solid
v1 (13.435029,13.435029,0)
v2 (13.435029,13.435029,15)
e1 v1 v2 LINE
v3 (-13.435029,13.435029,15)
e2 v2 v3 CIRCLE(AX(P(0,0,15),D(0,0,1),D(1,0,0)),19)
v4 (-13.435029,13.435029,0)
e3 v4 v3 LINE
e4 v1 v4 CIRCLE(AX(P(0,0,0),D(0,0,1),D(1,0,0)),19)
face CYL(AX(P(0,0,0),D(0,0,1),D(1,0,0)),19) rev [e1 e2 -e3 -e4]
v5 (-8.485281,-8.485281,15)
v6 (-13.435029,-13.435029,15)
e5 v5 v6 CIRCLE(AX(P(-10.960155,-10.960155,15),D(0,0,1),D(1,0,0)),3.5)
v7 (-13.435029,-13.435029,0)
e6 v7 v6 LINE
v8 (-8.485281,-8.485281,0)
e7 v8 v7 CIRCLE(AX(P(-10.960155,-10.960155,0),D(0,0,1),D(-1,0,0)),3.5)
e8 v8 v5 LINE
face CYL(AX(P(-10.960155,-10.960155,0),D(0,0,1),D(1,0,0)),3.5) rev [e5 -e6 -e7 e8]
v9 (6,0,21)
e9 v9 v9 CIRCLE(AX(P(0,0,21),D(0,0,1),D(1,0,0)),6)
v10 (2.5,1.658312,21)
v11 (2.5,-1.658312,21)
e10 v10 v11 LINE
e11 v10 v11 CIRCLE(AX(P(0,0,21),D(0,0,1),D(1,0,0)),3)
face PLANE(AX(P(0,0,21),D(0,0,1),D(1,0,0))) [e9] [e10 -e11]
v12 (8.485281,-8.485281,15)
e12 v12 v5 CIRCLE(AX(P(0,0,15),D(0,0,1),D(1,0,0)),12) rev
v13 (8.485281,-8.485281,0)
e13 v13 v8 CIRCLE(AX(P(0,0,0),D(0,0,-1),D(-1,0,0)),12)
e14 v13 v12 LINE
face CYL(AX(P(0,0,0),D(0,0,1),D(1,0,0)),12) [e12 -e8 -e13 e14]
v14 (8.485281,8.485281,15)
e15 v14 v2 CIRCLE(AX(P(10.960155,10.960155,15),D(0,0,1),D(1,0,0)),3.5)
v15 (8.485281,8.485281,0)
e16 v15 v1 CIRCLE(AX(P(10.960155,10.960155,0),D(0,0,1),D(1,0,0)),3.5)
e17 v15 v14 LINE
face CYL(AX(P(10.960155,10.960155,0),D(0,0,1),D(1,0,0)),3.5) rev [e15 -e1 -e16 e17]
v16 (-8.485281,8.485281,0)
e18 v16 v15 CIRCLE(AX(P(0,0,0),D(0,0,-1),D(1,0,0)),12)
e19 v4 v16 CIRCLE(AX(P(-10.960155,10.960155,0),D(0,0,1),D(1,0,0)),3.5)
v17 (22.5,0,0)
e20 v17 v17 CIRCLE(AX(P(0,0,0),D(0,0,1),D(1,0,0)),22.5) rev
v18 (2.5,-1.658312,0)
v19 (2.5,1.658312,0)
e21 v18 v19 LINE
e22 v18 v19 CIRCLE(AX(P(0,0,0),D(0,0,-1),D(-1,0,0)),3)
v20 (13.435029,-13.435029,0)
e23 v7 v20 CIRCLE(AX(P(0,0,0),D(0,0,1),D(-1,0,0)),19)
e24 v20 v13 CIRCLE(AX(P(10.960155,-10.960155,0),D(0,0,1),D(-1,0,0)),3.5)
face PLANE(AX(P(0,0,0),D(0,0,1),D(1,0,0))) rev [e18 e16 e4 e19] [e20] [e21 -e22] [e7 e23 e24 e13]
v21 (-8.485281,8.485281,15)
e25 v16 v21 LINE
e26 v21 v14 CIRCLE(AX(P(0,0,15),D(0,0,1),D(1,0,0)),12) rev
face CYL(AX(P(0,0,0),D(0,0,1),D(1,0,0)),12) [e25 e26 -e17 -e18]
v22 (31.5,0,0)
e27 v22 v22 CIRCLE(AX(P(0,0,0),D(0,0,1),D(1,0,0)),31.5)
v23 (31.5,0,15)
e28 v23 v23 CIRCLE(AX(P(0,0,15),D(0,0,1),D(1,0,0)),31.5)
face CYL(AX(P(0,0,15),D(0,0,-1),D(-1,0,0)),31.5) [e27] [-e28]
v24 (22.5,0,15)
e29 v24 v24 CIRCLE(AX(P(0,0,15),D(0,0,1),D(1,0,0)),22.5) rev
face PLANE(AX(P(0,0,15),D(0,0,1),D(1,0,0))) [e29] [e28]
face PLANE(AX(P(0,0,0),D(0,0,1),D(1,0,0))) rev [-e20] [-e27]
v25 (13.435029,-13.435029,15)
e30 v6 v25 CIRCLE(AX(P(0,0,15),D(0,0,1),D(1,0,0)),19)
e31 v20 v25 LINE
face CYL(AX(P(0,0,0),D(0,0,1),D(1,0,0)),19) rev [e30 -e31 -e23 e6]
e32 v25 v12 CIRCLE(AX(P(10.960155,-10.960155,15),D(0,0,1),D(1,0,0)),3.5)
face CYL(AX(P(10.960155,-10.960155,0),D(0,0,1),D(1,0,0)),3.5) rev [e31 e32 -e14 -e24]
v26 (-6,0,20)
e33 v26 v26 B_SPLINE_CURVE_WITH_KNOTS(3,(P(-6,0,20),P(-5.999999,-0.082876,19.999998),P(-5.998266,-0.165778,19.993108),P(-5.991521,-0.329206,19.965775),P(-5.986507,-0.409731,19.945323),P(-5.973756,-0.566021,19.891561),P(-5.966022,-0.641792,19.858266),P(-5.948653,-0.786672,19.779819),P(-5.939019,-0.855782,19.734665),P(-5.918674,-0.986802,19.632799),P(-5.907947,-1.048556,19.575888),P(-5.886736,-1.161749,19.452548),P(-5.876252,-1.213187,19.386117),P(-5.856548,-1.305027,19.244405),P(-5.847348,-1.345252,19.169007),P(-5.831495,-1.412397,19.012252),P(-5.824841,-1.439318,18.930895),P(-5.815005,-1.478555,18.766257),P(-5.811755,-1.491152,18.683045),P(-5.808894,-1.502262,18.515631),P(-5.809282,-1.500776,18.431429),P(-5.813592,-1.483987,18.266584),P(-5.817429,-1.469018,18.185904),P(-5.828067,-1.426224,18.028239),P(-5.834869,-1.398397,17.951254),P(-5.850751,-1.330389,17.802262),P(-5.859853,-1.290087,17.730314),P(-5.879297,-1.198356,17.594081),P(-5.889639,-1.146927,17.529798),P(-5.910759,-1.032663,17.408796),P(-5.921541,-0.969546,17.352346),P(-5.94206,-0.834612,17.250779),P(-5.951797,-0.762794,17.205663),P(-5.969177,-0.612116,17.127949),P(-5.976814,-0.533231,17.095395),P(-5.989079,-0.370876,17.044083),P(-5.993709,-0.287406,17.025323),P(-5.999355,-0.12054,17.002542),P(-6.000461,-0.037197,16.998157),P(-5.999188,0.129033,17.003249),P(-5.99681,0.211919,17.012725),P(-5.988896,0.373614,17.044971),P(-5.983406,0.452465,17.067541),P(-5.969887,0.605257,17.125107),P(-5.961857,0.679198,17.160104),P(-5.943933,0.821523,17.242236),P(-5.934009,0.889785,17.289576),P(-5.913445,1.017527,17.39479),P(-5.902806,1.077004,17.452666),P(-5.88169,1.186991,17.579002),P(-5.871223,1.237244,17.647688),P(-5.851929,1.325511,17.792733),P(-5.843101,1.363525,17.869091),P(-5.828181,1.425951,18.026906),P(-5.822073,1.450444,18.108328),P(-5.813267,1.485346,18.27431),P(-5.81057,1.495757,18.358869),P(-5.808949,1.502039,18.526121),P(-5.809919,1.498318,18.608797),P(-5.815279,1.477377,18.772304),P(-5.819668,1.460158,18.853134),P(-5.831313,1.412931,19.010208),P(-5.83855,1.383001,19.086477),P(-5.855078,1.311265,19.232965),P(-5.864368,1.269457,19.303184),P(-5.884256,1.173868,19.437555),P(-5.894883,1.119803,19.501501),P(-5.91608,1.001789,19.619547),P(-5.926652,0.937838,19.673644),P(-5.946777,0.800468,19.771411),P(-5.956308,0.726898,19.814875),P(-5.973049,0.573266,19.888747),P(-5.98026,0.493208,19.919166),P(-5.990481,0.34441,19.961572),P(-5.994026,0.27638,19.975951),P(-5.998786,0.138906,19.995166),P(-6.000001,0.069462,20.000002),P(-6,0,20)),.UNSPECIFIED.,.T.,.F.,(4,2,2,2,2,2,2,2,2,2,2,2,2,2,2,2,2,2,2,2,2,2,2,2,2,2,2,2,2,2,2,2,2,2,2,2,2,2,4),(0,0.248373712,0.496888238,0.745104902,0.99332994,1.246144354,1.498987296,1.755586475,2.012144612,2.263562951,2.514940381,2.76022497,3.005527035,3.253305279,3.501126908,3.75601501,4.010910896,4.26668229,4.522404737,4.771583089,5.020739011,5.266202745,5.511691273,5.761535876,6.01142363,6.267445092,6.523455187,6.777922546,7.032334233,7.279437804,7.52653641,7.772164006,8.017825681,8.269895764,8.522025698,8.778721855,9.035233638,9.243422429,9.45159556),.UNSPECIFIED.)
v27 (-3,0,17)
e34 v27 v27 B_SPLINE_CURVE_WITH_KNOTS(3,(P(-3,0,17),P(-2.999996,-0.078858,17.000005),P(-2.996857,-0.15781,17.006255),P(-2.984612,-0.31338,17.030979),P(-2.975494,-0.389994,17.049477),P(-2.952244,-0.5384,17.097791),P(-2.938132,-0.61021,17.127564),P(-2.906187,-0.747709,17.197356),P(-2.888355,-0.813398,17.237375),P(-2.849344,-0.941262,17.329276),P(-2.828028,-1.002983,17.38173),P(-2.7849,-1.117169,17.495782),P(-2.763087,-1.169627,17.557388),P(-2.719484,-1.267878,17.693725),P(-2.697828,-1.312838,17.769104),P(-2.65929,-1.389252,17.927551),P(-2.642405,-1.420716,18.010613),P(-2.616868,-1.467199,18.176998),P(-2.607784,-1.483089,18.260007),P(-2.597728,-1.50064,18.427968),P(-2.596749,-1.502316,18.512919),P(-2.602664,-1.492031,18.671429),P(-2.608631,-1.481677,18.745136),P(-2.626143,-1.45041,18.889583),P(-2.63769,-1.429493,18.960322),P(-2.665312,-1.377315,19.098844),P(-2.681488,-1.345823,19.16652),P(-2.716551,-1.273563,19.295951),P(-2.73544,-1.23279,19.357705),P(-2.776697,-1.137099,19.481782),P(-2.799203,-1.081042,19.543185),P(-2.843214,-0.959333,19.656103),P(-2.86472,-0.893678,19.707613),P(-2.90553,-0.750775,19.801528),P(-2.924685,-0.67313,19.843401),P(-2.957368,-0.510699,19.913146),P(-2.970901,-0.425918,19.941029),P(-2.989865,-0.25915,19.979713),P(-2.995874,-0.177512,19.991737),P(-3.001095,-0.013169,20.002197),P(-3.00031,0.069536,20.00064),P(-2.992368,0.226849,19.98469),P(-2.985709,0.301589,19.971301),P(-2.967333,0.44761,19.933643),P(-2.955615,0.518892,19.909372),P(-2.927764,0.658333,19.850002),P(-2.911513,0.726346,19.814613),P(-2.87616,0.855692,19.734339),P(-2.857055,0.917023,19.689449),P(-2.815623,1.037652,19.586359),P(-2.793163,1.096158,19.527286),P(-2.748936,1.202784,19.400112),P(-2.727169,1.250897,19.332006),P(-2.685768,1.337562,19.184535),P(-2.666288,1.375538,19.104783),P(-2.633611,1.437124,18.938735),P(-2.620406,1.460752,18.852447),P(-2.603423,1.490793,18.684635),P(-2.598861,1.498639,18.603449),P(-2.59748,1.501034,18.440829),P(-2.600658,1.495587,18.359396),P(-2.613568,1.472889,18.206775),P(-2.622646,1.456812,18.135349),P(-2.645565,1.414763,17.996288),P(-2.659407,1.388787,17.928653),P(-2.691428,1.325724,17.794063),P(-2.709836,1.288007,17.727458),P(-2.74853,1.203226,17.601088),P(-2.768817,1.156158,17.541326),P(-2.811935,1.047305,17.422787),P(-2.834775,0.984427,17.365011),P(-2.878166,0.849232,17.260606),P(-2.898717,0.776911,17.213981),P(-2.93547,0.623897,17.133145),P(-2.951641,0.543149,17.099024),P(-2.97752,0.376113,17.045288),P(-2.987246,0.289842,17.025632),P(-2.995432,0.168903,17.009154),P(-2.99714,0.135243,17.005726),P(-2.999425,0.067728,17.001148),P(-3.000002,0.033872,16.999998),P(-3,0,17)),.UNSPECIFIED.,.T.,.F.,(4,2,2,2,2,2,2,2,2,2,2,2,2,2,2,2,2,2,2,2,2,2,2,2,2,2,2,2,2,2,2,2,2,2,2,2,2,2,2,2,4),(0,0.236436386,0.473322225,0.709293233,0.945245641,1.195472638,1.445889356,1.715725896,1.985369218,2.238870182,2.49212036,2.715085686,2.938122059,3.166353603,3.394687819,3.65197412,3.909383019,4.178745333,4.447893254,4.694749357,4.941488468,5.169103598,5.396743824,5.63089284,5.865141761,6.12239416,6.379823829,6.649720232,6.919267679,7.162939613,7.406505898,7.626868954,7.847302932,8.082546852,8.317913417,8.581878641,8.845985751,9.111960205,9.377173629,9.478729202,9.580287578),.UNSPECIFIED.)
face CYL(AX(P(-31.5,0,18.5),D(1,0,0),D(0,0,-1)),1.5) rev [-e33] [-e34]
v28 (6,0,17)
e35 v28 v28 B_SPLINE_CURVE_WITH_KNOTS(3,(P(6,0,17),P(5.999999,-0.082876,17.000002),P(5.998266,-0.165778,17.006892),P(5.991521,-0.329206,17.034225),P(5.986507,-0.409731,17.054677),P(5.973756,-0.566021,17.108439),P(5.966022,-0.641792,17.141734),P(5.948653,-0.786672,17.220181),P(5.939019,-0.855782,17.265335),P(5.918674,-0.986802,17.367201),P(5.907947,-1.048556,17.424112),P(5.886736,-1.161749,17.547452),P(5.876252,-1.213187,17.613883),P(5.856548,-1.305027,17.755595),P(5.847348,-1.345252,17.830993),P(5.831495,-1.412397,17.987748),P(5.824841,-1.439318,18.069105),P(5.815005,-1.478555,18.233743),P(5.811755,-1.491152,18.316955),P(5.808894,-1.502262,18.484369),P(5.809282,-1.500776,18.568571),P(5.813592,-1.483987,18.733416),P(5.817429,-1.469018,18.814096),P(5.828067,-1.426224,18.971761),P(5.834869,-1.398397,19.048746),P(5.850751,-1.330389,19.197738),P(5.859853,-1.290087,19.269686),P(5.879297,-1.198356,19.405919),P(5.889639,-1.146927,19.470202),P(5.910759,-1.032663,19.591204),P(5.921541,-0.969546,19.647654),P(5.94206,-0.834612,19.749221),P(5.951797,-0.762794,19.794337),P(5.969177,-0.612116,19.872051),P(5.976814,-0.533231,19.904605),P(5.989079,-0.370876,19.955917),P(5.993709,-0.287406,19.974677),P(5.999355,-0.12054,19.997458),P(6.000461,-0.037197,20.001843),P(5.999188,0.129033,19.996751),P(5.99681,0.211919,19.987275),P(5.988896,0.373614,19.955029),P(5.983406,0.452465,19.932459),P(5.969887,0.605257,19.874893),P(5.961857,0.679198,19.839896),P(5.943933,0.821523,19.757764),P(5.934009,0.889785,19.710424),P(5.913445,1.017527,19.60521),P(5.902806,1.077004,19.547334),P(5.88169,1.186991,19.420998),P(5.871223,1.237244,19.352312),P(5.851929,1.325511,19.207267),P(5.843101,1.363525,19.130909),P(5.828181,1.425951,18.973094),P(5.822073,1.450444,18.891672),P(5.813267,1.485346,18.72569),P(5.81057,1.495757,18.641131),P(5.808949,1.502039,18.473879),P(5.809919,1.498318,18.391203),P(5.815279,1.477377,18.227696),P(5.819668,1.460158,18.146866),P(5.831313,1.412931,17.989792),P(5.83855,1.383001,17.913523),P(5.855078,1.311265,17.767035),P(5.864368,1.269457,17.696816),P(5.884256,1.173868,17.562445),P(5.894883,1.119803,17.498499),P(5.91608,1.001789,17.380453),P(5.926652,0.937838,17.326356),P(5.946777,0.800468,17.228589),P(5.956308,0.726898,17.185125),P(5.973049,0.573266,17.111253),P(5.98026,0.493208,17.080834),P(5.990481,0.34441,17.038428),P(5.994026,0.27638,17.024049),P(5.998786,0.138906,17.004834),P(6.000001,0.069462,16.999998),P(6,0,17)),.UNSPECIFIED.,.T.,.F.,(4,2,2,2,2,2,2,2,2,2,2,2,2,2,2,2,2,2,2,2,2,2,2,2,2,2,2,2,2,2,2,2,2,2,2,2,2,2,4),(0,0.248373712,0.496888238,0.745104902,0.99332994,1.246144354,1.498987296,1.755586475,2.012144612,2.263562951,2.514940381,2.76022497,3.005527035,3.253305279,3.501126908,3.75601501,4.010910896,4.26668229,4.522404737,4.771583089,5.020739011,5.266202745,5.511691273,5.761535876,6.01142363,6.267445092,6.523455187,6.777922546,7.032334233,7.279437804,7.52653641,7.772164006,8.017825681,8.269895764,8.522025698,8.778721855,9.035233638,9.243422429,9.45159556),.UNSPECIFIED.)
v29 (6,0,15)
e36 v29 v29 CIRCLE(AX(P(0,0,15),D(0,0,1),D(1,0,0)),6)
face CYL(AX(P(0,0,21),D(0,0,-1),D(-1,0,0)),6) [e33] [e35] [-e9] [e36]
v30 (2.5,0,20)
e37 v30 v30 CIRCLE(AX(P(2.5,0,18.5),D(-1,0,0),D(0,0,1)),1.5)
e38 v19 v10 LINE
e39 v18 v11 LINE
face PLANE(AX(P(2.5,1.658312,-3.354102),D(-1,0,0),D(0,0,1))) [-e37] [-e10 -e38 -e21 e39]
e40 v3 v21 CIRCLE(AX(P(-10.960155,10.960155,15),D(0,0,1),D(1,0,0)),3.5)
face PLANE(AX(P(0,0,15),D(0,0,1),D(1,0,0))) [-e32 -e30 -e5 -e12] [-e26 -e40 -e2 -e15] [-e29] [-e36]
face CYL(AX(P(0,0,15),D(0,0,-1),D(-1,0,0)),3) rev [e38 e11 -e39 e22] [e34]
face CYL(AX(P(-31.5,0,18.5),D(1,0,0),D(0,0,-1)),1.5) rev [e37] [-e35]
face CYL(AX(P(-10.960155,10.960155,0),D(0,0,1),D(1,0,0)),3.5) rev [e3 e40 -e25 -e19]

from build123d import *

# Parameters (mm, degrees)
SKETCH_1_R               = 31.5
EXTRUDE_1_DEPTH          = 15
SKETCH_3_R               = 3
CUT_EXTRUDE_2_DEPTH      = 48.005318848
SKETCH_14_R              = 6
SKETCH_14_R_2            = 3
EXTRUDE_3_DEPTH          = 6
EXTRUDE_START            = -21
EXTRUDE_4_DEPTH          = 21
CUT_EXTRUDE_3_DEPTH      = 50.249365478
CUT_EXTRUDE_3_DEPTH_BACK = 50.249365478
SKETCH_18_R              = 1.5
CUT_EXTRUDE_5_DEPTH      = 48.00531888
CUT_EXTRUDE_5_DEPTH_BACK = 48.00531888


with BuildPart() as part:
    # 草图1 → 凸台-拉伸1 (new body)
    with BuildSketch(Plane.XY):
        Circle(SKETCH_1_R)
    extrude(amount=EXTRUDE_1_DEPTH)

    # 草图3 → 切除-拉伸2 (cut, through all)
    with BuildSketch(Plane(origin=(0, 0, 0), x_dir=(-1, 0, 0), z_dir=(0, 0, -1))):
        Circle(SKETCH_3_R)
    extrude(amount=-CUT_EXTRUDE_2_DEPTH, mode=Mode.SUBTRACT)

    # 草图14 → 凸台-拉伸3 (add)
    with BuildSketch(Plane.XY.offset(15)):
        Circle(SKETCH_14_R)
        with Locations(Location((0, 0, 0), (0, 0, 180))):
            Circle(SKETCH_14_R_2, mode=Mode.SUBTRACT)
    extrude(amount=EXTRUDE_3_DEPTH)

    # 草图19 → 凸台-拉伸4 (add)
    with BuildSketch(Plane.XY.offset(21).offset(EXTRUDE_START)):
        with BuildLine():
            Line((2.5, 1.658312395), (2.5, -1.658312395))
            ThreePointArc((2.5, -1.658312395), (3, 0), (2.5, 1.658312395))
        make_face()
    extrude(amount=EXTRUDE_4_DEPTH)

    # 草图18 → 切除-拉伸3 (cut, two sides: drawn at the far end of the back side and taken through both)
    with BuildSketch(Plane(origin=(0, 0, 0), x_dir=(0, 0, -1), z_dir=(1, 0, 0)).offset(-CUT_EXTRUDE_3_DEPTH_BACK)):
        with Locations(Location((-18.5, 0, 0), (0, 0, 180))):
            Circle(SKETCH_18_R)
    extrude(amount=CUT_EXTRUDE_3_DEPTH + CUT_EXTRUDE_3_DEPTH_BACK, mode=Mode.SUBTRACT)

    # 草图20 → 切除-拉伸5 (cut, two sides: drawn at the far end of the back side and taken through both)
    with BuildSketch(Plane.XY.offset(15).offset(-CUT_EXTRUDE_5_DEPTH_BACK)):
        with BuildLine():
            ThreePointArc((8.485281374, 8.485281374), (0, 12), (-8.485281374, 8.485281374))
            ThreePointArc((-8.485281374, 8.485281374), (-13.435028843, 8.485281374), (-13.435028843, 13.435028843))
            ThreePointArc((-13.435028843, 13.435028843), (0, 19), (13.435028843, 13.435028843))
            ThreePointArc((13.435028843, 13.435028843), (13.435028843, 8.485281374), (8.485281374, 8.485281374))
        make_face()
        with BuildLine():
            ThreePointArc((8.485281374, -8.485281374), (13.435028843, -8.485281374), (13.435028843, -13.435028843))
            ThreePointArc((13.435028843, -13.435028843), (0, -19), (-13.435028843, -13.435028843))
            ThreePointArc((-13.435028843, -13.435028843), (-13.435028843, -8.485281374), (-8.485281374, -8.485281374))
            ThreePointArc((-8.485281374, -8.485281374), (0, -12), (8.485281374, -8.485281374))
        make_face()
    extrude(amount=CUT_EXTRUDE_5_DEPTH + CUT_EXTRUDE_5_DEPTH_BACK, mode=Mode.SUBTRACT)


solid = part.part
